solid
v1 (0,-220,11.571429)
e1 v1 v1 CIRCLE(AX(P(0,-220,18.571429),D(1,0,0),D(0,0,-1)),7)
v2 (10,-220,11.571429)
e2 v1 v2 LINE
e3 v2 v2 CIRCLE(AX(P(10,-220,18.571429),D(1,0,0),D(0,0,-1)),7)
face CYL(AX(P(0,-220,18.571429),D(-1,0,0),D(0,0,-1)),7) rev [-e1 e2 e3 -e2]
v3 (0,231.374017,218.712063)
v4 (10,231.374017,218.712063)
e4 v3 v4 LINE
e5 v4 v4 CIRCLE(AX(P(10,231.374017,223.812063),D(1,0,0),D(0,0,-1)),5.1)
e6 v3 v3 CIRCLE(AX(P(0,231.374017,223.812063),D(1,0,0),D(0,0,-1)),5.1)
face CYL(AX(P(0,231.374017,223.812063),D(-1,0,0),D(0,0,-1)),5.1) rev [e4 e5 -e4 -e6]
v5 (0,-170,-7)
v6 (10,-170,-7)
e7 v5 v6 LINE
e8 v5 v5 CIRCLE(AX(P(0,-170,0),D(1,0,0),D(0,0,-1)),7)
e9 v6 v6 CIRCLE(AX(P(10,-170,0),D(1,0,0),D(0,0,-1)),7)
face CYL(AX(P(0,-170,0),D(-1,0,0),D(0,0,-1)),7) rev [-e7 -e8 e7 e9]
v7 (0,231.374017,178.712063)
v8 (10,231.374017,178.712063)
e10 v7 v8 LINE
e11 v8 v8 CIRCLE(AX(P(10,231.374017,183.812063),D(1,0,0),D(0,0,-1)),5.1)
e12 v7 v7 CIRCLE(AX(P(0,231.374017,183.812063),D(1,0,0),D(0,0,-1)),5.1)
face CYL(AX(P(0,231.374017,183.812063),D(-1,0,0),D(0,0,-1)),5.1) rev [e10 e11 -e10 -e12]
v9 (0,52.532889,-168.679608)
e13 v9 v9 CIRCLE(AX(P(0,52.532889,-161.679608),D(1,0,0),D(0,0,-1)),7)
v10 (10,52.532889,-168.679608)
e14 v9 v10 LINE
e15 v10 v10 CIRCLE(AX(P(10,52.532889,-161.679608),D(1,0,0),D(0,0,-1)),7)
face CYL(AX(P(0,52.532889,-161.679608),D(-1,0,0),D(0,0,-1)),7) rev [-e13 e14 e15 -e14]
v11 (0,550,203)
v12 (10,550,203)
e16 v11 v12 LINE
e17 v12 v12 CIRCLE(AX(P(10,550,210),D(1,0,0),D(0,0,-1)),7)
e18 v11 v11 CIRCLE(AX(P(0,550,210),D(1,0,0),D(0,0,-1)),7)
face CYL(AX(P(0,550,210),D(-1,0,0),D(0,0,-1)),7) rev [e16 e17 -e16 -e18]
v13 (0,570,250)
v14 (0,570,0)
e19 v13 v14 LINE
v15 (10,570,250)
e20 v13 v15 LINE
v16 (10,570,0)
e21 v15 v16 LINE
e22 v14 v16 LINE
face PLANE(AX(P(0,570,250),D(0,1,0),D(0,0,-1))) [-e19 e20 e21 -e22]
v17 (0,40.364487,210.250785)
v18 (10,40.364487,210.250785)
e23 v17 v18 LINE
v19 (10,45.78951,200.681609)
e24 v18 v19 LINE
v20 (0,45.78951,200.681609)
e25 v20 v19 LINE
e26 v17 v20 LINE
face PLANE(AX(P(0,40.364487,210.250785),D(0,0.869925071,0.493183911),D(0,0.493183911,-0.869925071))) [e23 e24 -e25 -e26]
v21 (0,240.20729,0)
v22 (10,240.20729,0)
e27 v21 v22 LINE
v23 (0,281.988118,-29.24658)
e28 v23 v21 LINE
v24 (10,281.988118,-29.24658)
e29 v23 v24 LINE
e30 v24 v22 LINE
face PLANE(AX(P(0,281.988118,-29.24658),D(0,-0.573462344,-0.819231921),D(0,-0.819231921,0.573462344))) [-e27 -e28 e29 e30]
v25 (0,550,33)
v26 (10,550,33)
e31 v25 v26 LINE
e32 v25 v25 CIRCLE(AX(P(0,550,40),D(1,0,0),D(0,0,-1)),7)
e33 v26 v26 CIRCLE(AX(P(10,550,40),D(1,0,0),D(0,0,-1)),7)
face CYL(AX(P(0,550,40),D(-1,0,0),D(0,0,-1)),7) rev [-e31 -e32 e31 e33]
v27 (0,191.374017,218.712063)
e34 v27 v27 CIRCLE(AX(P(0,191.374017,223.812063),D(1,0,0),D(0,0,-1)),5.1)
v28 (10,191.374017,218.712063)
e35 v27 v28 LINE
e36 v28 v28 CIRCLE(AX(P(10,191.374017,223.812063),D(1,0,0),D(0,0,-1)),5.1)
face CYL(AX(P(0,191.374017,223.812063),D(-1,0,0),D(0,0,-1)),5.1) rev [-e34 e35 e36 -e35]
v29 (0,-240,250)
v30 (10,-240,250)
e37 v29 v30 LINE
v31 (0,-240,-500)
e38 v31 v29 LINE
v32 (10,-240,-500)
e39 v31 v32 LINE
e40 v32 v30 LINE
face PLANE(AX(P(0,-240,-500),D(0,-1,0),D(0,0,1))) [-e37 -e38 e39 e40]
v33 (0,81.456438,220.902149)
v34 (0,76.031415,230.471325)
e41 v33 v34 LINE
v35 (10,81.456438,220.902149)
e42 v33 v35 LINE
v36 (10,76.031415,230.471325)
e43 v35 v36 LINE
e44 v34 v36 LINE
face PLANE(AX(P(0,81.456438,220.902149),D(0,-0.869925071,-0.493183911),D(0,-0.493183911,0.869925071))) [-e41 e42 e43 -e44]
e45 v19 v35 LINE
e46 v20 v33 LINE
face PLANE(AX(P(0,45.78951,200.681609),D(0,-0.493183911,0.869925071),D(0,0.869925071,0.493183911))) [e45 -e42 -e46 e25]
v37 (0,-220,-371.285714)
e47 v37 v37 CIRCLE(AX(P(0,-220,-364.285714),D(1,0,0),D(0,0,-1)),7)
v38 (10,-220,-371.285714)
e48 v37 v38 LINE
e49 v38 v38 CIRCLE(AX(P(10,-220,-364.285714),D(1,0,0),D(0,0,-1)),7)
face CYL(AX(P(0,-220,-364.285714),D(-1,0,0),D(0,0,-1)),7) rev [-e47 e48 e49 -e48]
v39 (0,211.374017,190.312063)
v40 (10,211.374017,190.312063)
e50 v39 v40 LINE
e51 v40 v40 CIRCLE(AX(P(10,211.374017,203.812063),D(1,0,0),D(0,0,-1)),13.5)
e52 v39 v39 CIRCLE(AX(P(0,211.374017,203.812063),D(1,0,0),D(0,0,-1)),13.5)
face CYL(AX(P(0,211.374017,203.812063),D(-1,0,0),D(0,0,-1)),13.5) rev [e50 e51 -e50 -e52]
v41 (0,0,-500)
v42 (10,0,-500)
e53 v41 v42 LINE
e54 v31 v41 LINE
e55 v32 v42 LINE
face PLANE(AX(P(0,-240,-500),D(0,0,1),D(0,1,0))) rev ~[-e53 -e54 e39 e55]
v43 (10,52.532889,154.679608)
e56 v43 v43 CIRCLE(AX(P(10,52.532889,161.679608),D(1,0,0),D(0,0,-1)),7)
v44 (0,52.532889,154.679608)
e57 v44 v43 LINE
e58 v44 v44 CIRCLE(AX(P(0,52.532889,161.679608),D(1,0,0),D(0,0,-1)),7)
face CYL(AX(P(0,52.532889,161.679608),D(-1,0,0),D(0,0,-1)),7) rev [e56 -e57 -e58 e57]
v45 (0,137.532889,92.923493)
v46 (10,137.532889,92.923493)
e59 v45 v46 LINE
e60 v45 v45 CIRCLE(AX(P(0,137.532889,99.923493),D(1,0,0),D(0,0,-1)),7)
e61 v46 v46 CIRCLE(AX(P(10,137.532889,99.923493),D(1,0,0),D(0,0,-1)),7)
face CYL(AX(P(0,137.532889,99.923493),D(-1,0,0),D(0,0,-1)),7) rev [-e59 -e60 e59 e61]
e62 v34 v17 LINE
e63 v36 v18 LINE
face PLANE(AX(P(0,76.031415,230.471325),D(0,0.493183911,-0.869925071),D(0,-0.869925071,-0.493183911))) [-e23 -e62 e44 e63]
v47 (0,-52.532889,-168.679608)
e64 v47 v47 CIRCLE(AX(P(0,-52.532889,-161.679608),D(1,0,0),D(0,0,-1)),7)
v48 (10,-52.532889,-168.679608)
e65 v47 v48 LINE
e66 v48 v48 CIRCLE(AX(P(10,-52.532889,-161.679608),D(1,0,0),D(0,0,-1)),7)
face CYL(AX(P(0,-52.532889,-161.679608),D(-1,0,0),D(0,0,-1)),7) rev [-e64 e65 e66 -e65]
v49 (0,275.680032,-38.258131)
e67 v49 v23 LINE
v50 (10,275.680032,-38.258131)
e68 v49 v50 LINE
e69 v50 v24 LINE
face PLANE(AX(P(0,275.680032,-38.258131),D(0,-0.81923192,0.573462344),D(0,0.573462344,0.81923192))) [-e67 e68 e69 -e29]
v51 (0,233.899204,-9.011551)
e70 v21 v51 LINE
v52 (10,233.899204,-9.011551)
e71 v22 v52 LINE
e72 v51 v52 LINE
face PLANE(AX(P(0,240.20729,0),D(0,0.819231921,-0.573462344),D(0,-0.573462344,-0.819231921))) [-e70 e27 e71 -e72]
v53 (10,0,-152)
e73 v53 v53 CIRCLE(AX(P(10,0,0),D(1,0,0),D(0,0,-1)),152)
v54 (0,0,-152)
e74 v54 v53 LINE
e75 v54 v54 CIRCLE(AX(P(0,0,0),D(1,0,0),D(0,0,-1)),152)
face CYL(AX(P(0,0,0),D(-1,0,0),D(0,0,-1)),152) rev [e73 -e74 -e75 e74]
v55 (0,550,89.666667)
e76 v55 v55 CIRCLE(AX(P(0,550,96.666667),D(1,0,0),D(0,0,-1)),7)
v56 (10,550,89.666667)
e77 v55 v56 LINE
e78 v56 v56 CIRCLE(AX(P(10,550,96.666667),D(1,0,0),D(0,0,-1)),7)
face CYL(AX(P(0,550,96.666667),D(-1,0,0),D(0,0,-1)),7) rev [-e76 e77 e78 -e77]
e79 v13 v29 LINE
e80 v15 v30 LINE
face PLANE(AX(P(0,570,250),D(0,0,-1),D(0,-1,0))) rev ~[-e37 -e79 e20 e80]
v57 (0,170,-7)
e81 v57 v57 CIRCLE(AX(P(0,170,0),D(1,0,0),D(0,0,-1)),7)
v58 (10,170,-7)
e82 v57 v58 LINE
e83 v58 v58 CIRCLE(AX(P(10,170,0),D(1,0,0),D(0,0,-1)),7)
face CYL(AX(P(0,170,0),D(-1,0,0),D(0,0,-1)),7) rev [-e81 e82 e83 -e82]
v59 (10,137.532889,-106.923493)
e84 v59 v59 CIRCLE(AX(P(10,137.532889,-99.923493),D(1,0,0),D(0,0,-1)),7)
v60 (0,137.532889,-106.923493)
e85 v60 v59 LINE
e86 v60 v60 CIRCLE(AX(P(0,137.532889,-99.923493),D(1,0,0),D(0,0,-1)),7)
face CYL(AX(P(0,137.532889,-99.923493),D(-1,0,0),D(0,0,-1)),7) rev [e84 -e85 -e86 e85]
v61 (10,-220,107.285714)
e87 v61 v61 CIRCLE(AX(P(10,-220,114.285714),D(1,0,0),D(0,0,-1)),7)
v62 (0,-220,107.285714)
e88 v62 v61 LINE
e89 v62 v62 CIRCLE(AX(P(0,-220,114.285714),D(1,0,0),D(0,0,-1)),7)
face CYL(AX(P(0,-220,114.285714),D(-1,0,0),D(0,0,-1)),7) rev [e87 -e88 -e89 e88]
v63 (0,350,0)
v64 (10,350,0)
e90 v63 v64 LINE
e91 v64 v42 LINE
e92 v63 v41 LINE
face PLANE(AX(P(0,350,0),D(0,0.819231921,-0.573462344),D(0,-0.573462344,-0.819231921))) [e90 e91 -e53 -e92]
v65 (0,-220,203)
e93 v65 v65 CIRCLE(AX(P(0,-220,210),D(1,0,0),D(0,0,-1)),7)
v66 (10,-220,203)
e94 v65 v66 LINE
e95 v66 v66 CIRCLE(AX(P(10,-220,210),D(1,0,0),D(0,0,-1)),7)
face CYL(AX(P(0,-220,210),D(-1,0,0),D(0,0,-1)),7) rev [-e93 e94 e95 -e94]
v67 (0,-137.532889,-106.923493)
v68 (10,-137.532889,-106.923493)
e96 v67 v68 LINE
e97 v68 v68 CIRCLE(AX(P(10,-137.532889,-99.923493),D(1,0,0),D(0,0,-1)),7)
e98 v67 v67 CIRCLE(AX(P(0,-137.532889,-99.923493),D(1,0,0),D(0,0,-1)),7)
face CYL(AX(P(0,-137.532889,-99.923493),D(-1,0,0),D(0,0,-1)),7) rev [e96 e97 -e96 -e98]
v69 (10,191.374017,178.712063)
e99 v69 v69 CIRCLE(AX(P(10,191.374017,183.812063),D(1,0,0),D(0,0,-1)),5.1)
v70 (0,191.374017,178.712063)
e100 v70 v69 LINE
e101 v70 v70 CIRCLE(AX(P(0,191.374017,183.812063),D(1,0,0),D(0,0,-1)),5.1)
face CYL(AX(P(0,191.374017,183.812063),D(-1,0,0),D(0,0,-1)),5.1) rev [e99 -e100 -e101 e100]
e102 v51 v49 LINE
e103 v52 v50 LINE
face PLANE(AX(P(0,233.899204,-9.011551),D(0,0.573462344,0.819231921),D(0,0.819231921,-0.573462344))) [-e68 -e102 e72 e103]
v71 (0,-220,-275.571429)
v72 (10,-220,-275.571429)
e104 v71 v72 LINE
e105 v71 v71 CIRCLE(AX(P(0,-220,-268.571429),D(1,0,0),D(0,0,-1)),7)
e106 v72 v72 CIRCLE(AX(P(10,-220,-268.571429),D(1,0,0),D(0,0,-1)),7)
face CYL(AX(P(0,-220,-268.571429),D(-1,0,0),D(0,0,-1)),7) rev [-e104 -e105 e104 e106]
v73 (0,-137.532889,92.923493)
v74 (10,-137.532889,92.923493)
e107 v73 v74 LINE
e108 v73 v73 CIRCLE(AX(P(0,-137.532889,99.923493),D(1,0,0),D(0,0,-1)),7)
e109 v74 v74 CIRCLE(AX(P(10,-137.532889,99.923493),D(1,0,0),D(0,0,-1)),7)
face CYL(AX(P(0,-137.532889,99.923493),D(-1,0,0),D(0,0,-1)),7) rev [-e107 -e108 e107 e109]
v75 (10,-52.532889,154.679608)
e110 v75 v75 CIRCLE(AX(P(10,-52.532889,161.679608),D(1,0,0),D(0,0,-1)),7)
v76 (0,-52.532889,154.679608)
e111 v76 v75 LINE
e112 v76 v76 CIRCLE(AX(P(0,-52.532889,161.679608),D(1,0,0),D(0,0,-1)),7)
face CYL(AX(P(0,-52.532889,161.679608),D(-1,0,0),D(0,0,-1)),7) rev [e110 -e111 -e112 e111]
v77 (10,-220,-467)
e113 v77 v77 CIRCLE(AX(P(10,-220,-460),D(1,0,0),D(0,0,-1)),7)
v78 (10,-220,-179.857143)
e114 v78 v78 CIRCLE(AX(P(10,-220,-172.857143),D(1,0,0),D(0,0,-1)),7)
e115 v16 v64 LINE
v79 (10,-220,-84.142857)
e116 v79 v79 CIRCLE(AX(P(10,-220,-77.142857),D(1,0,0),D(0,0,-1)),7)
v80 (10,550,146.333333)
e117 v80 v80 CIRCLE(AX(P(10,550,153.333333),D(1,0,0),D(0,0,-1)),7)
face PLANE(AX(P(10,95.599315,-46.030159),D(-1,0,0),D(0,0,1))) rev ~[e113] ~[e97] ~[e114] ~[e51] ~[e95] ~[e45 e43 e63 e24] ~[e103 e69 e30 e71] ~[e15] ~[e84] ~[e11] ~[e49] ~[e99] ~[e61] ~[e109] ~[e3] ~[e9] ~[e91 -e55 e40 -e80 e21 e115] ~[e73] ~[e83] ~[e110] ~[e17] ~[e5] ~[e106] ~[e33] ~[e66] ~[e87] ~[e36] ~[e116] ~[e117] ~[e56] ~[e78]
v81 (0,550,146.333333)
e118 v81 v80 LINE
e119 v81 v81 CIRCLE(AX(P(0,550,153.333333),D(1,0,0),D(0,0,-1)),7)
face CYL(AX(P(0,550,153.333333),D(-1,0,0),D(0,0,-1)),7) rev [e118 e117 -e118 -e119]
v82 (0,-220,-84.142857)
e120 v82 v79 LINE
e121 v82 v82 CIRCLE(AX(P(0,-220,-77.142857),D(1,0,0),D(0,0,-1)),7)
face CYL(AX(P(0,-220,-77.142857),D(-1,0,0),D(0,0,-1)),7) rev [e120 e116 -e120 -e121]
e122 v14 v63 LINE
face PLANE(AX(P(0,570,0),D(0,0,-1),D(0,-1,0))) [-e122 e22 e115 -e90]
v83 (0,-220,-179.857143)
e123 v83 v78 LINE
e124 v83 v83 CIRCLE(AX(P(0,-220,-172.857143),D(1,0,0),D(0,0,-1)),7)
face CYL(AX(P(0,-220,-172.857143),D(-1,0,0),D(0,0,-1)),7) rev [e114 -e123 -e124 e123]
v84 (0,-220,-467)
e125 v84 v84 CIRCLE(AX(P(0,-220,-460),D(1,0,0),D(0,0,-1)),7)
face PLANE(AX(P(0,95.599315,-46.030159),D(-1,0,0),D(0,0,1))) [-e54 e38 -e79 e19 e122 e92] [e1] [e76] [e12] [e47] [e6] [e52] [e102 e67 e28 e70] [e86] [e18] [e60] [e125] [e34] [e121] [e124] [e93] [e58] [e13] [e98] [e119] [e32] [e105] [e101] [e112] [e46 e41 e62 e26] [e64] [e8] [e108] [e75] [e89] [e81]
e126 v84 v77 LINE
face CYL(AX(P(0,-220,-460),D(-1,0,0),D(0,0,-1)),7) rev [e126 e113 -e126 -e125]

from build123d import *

# Parameters (mm, degrees)
IZIM1_R                     = 152
IZIM1_R_2                   = 7
IZIM1_R_3                   = 13.5
IZIM1_R_4                   = 5.1
Y_KSEKLIK_EKSTR_ZYON1_DEPTH = 10


with BuildPart() as part:
    # Çizim1 → Yükseklik-Ekstrüzyon1 (new body)
    with BuildSketch(Plane(origin=(0, 0, 0), x_dir=(0, 0, -1), z_dir=(1, 0, 0))):
        Polygon((-250, 350), (-250, 570), (0, 570), (0, 350), (500, 0), (500, -200), (500, -240), (-250, -240), (-250, -200), align=None)
        Circle(IZIM1_R, mode=Mode.SUBTRACT)
        with Locations((0, 170)):
            Circle(IZIM1_R_2, mode=Mode.SUBTRACT)
        with Locations((99.92349289, 137.532889044)):
            Circle(IZIM1_R_2, mode=Mode.SUBTRACT)
        with Locations((161.67960777, 52.532889044)):
            Circle(IZIM1_R_2, mode=Mode.SUBTRACT)
        with Locations((161.67960777, -52.532889044)):
            Circle(IZIM1_R_2, mode=Mode.SUBTRACT)
        with Locations((99.92349289, -137.532889044)):
            Circle(IZIM1_R_2, mode=Mode.SUBTRACT)
        with Locations((0, -170)):
            Circle(IZIM1_R_2, mode=Mode.SUBTRACT)
        with Locations((-99.92349289, -137.532889044)):
            Circle(IZIM1_R_2, mode=Mode.SUBTRACT)
        with Locations((-161.67960777, -52.532889044)):
            Circle(IZIM1_R_2, mode=Mode.SUBTRACT)
        with Locations((-161.67960777, 52.532889044)):
            Circle(IZIM1_R_2, mode=Mode.SUBTRACT)
        with Locations((-99.92349289, 137.532889044)):
            Circle(IZIM1_R_2, mode=Mode.SUBTRACT)
        with Locations((-203.812062632, 211.374016696)):
            Circle(IZIM1_R_3, mode=Mode.SUBTRACT)
        with Locations((-183.812062632, 231.374016696)):
            Circle(IZIM1_R_4, mode=Mode.SUBTRACT)
        with Locations((-223.812062632, 231.374016696)):
            Circle(IZIM1_R_4, mode=Mode.SUBTRACT)
        with Locations((-183.812062632, 191.374016696)):
            Circle(IZIM1_R_4, mode=Mode.SUBTRACT)
        with Locations((-223.812062632, 191.374016696)):
            Circle(IZIM1_R_4, mode=Mode.SUBTRACT)
        with Locations((-210, 550)):
            Circle(IZIM1_R_2, mode=Mode.SUBTRACT)
        with Locations((-153.333333333, 550)):
            Circle(IZIM1_R_2, mode=Mode.SUBTRACT)
        with Locations((-96.666666667, 550)):
            Circle(IZIM1_R_2, mode=Mode.SUBTRACT)
        with Locations((-40, 550)):
            Circle(IZIM1_R_2, mode=Mode.SUBTRACT)
        with Locations((-210, -220)):
            Circle(IZIM1_R_2, mode=Mode.SUBTRACT)
        with Locations((-114.285714286, -220)):
            Circle(IZIM1_R_2, mode=Mode.SUBTRACT)
        with Locations((-18.571428571, -220)):
            Circle(IZIM1_R_2, mode=Mode.SUBTRACT)
        with Locations((77.142857143, -220)):
            Circle(IZIM1_R_2, mode=Mode.SUBTRACT)
        with Locations((172.857142857, -220)):
            Circle(IZIM1_R_2, mode=Mode.SUBTRACT)
        with Locations((268.571428571, -220)):
            Circle(IZIM1_R_2, mode=Mode.SUBTRACT)
        with Locations((364.285714286, -220)):
            Circle(IZIM1_R_2, mode=Mode.SUBTRACT)
        with Locations((460, -220)):
            Circle(IZIM1_R_2, mode=Mode.SUBTRACT)
        Polygon((29.246579563, 281.988117893), (0, 240.207289947), (9.011551126, 233.899204159), (38.258130688, 275.680032105), align=None, mode=Mode.SUBTRACT)
        Polygon((-200.681608906, 45.789510008), (-220.902149255, 81.456437938), (-230.471325041, 76.031414918), (-210.250784693, 40.364486987), align=None, mode=Mode.SUBTRACT)
    extrude(amount=Y_KSEKLIK_EKSTR_ZYON1_DEPTH)


solid = part.part
